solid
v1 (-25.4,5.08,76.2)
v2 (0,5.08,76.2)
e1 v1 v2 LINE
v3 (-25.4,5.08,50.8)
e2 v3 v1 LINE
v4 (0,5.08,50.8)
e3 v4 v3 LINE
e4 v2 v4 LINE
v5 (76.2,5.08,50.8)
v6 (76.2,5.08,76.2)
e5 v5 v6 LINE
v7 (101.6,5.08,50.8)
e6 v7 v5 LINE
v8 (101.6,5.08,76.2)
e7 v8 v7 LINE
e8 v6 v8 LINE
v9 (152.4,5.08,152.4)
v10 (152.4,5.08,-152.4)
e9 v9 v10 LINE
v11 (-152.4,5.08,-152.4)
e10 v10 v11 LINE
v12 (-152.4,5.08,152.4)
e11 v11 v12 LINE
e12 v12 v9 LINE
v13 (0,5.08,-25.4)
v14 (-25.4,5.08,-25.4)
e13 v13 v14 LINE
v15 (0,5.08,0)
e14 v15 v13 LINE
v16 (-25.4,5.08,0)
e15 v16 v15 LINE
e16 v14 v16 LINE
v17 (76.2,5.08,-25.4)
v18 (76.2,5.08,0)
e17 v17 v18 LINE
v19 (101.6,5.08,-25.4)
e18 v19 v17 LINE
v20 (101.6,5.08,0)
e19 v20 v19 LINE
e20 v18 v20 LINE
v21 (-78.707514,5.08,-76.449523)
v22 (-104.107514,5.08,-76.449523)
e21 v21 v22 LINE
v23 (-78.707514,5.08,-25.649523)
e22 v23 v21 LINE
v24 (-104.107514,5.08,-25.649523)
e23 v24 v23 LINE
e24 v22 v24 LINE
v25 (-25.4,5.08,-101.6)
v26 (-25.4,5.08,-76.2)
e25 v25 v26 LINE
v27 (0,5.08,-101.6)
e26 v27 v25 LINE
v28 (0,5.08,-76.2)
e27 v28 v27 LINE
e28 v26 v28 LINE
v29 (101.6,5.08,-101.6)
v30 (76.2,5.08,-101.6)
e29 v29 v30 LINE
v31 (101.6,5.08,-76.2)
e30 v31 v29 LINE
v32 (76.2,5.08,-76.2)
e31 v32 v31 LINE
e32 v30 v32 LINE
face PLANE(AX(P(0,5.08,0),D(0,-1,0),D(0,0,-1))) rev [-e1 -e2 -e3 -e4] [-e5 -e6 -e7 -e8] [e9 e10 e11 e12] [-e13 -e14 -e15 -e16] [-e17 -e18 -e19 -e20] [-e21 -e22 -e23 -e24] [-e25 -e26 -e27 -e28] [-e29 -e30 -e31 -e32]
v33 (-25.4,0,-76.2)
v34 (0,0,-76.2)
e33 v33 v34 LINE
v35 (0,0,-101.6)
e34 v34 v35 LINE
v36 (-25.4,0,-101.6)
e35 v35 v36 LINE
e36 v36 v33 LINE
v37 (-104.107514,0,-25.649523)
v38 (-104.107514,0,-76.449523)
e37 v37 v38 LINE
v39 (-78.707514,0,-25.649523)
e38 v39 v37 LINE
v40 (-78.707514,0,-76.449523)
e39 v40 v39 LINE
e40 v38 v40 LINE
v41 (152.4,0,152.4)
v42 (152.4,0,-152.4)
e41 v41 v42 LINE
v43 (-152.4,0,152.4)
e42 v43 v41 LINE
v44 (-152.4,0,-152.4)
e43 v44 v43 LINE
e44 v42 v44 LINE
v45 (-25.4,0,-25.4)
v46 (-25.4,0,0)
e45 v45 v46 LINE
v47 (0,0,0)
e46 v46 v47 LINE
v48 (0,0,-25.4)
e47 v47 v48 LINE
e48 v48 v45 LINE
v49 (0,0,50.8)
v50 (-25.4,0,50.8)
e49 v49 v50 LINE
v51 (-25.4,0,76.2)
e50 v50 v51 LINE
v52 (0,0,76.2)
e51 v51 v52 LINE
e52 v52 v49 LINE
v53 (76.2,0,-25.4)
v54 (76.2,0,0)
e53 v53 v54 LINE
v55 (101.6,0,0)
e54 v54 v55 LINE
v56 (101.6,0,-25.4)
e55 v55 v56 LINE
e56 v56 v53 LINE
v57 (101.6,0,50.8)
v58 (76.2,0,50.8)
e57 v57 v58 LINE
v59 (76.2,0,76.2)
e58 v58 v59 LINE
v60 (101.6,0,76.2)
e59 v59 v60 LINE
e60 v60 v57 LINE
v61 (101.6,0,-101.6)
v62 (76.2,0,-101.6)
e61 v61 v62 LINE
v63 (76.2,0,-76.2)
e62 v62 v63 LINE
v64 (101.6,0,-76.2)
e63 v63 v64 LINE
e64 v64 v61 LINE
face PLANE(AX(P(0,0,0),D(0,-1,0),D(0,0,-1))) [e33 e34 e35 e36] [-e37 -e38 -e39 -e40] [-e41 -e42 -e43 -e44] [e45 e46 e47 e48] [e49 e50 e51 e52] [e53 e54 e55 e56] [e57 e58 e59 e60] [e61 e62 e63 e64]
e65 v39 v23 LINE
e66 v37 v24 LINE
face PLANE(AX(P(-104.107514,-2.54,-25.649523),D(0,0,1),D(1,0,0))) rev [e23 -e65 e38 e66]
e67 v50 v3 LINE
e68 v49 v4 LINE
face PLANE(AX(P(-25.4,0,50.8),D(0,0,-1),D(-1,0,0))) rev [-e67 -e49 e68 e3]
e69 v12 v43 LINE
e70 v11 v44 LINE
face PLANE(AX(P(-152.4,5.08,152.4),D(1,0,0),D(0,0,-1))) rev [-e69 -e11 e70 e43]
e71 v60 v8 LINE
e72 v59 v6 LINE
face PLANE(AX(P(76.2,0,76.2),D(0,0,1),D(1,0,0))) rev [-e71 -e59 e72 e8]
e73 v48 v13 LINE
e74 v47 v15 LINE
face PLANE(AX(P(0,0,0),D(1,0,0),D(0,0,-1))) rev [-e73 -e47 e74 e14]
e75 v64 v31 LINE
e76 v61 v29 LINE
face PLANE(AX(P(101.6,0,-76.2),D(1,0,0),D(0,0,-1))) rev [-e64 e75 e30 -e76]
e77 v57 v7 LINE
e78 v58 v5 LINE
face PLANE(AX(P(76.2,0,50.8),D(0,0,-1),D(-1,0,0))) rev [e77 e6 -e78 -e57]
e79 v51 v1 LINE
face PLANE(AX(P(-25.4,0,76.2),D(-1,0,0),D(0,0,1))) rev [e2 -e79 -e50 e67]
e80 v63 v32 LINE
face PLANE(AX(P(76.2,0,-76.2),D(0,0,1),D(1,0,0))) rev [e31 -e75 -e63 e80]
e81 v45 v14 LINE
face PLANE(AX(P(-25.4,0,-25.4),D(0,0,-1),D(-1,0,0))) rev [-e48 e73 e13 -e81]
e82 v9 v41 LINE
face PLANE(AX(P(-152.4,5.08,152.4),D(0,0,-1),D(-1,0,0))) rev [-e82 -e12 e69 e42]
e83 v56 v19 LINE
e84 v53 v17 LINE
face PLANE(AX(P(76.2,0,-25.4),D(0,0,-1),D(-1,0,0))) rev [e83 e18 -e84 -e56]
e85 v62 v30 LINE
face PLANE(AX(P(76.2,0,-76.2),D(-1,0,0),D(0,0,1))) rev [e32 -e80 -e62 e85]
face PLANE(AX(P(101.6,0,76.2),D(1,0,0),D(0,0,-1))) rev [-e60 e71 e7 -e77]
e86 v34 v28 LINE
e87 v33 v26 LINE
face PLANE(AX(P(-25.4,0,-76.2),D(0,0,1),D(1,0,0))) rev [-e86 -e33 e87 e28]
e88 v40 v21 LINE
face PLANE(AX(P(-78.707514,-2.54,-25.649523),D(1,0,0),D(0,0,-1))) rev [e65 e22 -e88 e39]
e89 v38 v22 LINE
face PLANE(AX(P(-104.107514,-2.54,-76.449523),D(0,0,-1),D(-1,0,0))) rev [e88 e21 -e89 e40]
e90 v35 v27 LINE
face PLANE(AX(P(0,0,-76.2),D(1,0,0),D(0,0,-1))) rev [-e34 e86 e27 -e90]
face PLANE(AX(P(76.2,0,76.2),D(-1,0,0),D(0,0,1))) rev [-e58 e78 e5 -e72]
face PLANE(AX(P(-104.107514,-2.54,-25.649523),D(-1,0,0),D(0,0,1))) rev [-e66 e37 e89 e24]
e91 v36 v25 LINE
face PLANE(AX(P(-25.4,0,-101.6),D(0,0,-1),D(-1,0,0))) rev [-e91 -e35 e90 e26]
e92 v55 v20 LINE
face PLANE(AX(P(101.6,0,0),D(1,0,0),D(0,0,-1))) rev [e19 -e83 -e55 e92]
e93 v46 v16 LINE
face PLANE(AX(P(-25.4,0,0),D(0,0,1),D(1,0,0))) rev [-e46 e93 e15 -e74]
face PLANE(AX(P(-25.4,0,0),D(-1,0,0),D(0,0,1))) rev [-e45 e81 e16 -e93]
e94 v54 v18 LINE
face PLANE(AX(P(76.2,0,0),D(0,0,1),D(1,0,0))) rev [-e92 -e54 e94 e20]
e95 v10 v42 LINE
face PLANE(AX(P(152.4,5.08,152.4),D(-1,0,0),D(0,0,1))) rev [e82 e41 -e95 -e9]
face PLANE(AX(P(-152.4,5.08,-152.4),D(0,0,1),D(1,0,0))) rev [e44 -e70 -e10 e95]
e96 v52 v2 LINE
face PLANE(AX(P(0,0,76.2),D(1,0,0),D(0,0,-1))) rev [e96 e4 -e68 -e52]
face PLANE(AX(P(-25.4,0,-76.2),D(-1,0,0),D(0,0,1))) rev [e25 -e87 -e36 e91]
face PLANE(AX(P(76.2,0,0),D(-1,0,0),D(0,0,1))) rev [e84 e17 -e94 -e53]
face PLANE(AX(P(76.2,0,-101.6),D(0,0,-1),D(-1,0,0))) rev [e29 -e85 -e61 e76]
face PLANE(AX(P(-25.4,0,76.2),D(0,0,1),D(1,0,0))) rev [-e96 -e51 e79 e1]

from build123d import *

# Parameters (mm, degrees)
SKETCH1_W            = 304.8
SKETCH1_H            = 304.8
BOSS_EXTRUDE1_DEPTH  = 5.08
SKETCH2_W            = 25.4
SKETCH2_H            = 25.4
CUT_EXTRUDE1_DEPTH   = 5.08
LPATTERN1_COUNT      = 3
LPATTERN1_PITCH      = 76.2
LPATTERN1_COUNT_DIR2 = 2
LPATTERN1_PITCH_DIR2 = 101.6
SKETCH3_W            = 25.4
SKETCH3_H            = 50.8
CUT_EXTRUDE2_DEPTH   = 7.62


with BuildPart() as part:
    # Sketch1 → Boss-Extrude1 (new body)
    with BuildSketch(Plane(origin=(0, 0, 0), x_dir=(1, 0, 0), z_dir=(0, 1, 0))):
        Rectangle(SKETCH1_W, SKETCH1_H)
    extrude(amount=BOSS_EXTRUDE1_DEPTH)

    # Sketch2 → Cut-Extrude1 (cut)
    with BuildSketch(Plane(origin=(0, 5.08, 0), x_dir=(1, 0, 0), z_dir=(0, 1, 0))):
        with Locations((-12.7, 88.9)):
            Rectangle(SKETCH2_W, SKETCH2_H)
    cut_extrude1 = extrude(amount=-CUT_EXTRUDE1_DEPTH, mode=Mode.SUBTRACT)

    # LPattern1: Cut-Extrude1 3 × 2
    with Locations(*[(j * LPATTERN1_PITCH_DIR2, 0, i * LPATTERN1_PITCH) for i in range(LPATTERN1_COUNT) for j in range(LPATTERN1_COUNT_DIR2) if (i, j) != (0, 0)]):
        add(cut_extrude1, mode=Mode.SUBTRACT)

    # Sketch3 → Cut-Extrude2 (cut)
    with BuildSketch(Plane(origin=(0, 5.08, 0), x_dir=(1, 0, 0), z_dir=(0, 1, 0))):
        with Locations((-91.407513773, 51.049523057)):
            Rectangle(SKETCH3_W, SKETCH3_H)
    extrude(amount=-CUT_EXTRUDE2_DEPTH, mode=Mode.SUBTRACT)


solid = part.part
